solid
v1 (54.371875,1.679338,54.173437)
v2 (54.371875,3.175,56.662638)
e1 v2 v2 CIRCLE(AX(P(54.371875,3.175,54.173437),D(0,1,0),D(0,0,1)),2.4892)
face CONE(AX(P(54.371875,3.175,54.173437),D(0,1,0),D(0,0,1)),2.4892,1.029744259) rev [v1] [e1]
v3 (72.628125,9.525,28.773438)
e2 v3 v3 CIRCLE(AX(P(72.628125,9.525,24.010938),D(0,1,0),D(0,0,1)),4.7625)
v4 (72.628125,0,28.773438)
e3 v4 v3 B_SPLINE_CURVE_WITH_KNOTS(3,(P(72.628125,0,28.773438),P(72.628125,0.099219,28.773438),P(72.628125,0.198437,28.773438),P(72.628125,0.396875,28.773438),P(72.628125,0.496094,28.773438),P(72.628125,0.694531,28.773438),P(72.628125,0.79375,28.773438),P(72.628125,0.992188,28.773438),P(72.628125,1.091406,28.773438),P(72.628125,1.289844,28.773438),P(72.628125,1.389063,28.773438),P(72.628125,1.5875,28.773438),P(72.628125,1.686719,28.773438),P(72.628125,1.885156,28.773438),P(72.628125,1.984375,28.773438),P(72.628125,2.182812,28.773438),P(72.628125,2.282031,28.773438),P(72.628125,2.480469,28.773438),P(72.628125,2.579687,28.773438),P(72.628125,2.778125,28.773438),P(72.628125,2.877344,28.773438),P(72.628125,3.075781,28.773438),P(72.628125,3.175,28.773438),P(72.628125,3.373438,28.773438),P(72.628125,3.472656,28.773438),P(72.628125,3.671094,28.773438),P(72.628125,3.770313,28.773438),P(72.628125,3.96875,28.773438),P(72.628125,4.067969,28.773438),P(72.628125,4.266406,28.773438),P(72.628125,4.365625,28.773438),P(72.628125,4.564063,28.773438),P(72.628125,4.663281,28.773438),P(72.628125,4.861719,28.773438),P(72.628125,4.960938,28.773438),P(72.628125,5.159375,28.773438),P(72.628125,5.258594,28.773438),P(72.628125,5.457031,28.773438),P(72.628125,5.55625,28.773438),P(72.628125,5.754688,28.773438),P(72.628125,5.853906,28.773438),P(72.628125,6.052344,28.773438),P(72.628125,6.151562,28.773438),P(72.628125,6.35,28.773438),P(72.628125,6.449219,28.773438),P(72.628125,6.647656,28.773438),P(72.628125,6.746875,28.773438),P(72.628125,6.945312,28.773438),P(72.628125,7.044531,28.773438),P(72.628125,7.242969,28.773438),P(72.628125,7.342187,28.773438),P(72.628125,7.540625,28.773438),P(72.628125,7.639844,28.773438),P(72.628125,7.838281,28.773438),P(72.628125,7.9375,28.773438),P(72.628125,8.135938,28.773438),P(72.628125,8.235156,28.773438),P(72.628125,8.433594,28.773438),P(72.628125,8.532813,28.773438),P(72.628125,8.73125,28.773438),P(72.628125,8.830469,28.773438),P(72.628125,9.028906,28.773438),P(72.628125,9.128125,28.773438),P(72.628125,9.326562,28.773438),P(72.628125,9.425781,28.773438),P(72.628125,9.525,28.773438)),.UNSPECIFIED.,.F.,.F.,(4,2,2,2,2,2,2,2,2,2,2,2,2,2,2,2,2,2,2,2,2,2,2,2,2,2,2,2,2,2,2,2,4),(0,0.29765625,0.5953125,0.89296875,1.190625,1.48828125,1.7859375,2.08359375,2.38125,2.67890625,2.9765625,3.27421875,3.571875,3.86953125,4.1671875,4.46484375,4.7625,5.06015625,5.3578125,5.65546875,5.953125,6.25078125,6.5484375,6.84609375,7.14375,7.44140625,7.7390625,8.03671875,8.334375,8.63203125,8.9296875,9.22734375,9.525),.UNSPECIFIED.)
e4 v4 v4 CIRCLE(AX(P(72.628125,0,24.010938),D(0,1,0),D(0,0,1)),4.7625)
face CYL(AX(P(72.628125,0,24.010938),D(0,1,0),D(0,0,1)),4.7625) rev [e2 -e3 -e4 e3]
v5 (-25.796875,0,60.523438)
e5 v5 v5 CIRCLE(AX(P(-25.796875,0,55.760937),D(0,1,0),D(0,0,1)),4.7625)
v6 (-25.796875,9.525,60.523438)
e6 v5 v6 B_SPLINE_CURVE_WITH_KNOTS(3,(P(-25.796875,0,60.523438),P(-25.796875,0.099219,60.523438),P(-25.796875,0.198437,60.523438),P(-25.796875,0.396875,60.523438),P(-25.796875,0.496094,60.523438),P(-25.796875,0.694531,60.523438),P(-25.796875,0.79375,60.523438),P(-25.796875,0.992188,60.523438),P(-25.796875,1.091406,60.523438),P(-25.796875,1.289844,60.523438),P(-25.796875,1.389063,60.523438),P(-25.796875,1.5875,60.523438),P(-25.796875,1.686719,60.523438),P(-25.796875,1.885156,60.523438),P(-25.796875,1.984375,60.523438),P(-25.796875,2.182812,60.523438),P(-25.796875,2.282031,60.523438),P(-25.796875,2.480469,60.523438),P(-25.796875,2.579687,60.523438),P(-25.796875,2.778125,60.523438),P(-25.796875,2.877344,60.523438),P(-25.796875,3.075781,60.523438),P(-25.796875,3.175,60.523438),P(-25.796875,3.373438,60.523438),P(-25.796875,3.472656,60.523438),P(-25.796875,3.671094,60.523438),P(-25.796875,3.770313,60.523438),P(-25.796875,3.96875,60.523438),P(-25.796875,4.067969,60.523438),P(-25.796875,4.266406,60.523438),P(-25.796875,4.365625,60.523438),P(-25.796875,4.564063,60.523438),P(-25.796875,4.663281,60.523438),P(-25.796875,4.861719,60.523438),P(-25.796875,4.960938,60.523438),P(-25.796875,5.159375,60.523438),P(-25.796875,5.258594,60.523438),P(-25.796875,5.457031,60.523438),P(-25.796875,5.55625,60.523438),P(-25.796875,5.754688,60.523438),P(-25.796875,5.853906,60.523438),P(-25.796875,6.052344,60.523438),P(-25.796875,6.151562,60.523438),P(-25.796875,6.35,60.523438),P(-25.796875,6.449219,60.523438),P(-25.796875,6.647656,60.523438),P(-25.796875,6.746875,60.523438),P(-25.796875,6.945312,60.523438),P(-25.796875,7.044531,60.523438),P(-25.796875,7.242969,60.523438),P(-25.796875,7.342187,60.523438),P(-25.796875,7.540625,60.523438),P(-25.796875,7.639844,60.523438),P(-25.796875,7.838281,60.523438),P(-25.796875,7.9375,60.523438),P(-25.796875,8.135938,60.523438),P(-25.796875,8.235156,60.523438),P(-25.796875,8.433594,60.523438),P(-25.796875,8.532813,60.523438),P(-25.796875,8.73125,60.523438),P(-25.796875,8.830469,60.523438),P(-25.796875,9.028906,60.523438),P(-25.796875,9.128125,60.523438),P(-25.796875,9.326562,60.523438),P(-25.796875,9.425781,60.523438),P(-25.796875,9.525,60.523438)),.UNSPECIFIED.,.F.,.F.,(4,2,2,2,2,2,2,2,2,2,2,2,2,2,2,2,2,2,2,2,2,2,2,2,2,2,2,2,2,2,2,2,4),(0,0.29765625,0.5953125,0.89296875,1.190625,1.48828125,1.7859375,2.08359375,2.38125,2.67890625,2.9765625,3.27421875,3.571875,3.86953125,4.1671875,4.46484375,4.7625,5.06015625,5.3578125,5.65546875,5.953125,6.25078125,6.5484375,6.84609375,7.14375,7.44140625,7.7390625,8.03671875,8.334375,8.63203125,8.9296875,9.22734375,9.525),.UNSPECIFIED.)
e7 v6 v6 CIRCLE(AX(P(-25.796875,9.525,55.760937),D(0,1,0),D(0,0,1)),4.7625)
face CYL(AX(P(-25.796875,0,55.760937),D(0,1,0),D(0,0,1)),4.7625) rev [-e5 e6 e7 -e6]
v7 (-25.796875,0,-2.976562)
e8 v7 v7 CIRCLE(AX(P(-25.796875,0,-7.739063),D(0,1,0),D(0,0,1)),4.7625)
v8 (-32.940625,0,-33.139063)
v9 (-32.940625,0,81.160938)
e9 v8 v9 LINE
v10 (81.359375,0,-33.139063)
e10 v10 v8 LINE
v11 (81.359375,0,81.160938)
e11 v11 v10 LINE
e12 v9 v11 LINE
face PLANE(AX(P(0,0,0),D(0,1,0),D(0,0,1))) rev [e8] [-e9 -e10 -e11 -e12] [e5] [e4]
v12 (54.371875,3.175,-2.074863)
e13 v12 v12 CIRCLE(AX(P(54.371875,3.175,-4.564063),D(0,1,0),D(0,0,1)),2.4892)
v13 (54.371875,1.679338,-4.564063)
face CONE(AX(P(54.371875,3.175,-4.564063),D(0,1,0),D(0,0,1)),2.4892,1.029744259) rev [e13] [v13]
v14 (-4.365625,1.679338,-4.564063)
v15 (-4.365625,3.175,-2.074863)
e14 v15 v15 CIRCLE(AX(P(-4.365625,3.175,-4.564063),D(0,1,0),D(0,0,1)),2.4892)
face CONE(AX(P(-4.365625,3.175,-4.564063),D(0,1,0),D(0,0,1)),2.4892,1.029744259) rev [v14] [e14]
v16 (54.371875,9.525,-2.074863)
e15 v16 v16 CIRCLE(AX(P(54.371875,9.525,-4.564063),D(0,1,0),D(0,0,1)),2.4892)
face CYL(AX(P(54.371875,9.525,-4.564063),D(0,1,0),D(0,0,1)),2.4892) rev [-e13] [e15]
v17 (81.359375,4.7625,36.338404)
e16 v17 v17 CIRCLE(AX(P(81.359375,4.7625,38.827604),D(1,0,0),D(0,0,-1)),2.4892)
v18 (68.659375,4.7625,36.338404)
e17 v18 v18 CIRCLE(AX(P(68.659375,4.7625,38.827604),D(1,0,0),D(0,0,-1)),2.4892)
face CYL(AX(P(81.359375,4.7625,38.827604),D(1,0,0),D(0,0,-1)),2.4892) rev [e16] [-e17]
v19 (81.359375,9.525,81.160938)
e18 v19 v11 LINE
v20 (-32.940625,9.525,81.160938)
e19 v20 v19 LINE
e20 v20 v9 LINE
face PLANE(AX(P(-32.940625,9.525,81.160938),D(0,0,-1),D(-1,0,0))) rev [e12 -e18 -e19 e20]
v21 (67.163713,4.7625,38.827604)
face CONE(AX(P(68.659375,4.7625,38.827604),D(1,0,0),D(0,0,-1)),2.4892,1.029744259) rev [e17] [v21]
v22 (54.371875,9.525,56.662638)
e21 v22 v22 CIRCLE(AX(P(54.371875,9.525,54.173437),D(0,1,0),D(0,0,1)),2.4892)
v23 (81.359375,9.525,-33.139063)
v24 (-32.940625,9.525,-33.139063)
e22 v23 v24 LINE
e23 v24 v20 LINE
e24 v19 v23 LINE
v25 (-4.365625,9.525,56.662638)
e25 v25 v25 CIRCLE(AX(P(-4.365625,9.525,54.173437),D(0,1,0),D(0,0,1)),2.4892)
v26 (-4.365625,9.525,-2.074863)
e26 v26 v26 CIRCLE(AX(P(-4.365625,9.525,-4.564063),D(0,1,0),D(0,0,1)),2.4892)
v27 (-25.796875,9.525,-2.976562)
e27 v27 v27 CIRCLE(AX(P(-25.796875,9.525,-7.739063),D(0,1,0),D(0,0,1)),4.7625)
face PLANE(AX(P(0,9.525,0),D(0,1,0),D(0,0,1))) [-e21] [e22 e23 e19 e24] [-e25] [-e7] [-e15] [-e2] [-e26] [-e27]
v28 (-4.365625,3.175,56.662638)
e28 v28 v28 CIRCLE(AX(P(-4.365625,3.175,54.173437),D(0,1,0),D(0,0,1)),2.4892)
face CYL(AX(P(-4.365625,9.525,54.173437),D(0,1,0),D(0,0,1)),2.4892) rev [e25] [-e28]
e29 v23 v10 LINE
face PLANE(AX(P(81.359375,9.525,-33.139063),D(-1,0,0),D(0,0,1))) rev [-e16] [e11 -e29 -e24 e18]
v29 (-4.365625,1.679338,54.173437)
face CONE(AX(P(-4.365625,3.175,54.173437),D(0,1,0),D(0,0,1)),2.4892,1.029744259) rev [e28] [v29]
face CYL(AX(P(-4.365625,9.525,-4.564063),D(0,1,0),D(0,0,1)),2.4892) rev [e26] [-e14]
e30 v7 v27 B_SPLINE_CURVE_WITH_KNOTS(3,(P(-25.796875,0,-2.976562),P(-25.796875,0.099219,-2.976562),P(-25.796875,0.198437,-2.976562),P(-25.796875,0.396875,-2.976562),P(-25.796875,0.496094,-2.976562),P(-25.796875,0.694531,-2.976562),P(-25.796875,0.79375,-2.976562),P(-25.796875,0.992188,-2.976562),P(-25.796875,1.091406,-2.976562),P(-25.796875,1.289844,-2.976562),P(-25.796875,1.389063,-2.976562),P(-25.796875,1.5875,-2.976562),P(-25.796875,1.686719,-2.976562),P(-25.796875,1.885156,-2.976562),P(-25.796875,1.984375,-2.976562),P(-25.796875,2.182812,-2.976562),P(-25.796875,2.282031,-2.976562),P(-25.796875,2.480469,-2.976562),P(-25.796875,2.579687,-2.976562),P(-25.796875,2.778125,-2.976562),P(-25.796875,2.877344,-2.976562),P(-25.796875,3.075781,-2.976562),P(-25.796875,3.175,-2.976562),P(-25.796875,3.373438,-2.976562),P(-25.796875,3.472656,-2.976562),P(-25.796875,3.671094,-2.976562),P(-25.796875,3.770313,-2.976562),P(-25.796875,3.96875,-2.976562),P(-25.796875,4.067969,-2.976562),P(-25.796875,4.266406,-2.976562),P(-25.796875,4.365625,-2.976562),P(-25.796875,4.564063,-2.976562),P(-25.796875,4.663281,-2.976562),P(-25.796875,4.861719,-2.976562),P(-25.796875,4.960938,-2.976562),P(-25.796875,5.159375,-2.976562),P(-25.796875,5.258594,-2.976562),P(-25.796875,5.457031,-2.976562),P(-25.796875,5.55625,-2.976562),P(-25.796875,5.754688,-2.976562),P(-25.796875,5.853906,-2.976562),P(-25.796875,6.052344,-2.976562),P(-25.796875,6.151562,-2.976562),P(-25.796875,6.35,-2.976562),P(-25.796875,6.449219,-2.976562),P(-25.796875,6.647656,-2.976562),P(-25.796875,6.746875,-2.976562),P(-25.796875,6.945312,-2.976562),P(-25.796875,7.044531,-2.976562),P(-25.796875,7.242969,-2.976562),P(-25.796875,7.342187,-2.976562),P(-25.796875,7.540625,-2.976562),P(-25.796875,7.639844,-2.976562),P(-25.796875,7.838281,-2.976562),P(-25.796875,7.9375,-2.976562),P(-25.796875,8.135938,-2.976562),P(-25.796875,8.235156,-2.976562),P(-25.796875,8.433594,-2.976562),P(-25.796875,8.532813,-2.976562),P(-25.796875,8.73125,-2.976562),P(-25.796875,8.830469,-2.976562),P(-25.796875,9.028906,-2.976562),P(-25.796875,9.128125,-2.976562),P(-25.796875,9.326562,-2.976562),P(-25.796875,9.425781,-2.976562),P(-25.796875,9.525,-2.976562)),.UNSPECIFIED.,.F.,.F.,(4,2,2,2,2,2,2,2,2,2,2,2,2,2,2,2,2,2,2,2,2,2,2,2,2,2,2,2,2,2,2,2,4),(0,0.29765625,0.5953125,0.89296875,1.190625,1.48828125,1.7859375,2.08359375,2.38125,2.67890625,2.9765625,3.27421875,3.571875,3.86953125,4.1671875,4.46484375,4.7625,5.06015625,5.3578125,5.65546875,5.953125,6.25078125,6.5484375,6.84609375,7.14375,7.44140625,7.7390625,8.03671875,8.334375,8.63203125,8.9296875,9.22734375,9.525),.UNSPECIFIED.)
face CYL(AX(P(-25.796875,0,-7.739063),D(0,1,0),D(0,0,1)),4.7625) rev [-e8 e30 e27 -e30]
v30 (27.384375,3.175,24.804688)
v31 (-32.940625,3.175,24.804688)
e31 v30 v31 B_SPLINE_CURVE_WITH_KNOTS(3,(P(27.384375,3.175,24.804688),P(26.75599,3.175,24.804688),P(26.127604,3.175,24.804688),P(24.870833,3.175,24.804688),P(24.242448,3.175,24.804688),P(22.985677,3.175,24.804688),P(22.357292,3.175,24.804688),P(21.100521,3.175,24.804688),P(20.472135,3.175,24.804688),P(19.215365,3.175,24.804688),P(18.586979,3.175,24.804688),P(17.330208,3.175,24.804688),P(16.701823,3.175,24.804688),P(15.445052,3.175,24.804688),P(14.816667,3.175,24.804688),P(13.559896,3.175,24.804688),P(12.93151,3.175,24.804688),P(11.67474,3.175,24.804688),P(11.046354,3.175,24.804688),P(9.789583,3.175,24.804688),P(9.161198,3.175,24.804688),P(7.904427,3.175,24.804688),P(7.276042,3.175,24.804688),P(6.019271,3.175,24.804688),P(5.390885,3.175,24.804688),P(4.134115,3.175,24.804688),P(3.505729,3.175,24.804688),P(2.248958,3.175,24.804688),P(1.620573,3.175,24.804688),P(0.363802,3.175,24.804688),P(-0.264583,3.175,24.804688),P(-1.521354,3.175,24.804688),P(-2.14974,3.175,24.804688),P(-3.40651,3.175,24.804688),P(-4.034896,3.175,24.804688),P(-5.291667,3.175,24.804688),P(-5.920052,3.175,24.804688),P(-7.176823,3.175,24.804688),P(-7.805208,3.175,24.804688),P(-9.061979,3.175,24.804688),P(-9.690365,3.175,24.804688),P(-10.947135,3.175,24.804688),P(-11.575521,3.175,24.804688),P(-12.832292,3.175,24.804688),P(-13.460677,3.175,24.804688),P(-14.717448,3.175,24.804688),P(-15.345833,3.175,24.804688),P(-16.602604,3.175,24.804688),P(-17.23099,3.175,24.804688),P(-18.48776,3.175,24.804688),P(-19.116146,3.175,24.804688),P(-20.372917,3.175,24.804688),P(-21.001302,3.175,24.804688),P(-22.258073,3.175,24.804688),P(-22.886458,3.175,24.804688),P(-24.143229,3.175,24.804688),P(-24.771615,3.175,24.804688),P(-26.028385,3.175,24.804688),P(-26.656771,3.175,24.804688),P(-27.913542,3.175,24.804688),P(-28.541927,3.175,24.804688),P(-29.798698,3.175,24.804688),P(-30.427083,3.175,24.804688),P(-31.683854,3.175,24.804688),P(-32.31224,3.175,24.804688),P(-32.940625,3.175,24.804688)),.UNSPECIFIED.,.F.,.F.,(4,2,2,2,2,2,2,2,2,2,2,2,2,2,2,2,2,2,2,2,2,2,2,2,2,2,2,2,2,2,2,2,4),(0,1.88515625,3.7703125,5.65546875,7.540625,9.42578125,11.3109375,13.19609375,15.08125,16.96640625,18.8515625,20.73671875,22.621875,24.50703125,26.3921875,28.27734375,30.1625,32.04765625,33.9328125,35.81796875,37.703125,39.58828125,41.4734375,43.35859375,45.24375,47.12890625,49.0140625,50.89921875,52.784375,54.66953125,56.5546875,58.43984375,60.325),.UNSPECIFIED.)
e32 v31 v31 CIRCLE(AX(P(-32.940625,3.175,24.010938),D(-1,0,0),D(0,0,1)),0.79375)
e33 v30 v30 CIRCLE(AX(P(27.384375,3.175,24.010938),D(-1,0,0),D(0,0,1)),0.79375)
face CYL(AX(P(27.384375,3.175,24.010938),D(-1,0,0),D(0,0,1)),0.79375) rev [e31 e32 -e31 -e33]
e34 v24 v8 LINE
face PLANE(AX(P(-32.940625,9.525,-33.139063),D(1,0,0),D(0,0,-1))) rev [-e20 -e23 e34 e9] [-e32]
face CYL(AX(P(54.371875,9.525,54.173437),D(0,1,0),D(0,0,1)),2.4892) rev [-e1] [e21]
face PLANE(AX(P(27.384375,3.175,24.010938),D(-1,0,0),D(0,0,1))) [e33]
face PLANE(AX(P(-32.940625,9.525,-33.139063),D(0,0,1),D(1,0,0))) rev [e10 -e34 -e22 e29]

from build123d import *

# Parameters (mm, degrees)
SKETCH1_W                      = 114.3
SKETCH1_H                      = 114.3
SEEBECK_MIDDLE_BLOCK_DEPTH     = 9.525
SKETCH2_R                      = 0.79375
THERMO_COUPLE_HOLE_DEPTH       = 60.325
SKETCH3_R                      = 4.7625
MIDDLE_MOUNTING_HOLES_DEPTH    = 116.31336133
F_9_0_196_TEG_MOUNT_HOLE_D     = 4.9784
F_9_0_196_TEG_MOUNT_HOLE_DEPTH = 6.35
F_9_0_196_TEG_MOUNT_HOLE_TIP   = 1.495662253
F_9_0_196_VOLTAGE_HOLE_D       = 4.9784
F_9_0_196_VOLTAGE_HOLE_DEPTH   = 12.7
F_9_0_196_VOLTAGE_HOLE_TIP     = 1.495662253


with BuildPart() as part:
    # Sketch1 → Seebeck Middle Block (new body)
    with BuildSketch(Plane(origin=(0, 0, 0), x_dir=(1, 0, 0), z_dir=(0, 1, 0))):
        with Locations((24.209375, -24.0109375)):
            Rectangle(SKETCH1_W, SKETCH1_H)
    extrude(amount=SEEBECK_MIDDLE_BLOCK_DEPTH)

    # Sketch2 → Thermo Couple Hole (cut)
    with BuildSketch(Plane.ZY.offset(32.940625)):
        with Locations((24.0109375, 3.175)):
            Circle(SKETCH2_R)
    extrude(amount=-THERMO_COUPLE_HOLE_DEPTH, mode=Mode.SUBTRACT)

    # Sketch3 → Middle Mounting holes (cut, through all)
    with BuildSketch(Plane(origin=(0, 9.525, 0), x_dir=(1, 0, 0), z_dir=(0, 1, 0))):
        with Locations(Location((-25.796875, -55.7609375, 0), (0, 0, 270))):
            Circle(SKETCH3_R)
        with Locations(Location((-25.796875, 7.7390625, 0), (0, 0, 270))):
            Circle(SKETCH3_R)
        with Locations(Location((72.628125, -24.0109375, 0), (0, 0, 270))):
            Circle(SKETCH3_R)
    extrude(amount=-MIDDLE_MOUNTING_HOLES_DEPTH, mode=Mode.SUBTRACT)

    # #9 (0.196) TEG Mount Hole
    with Locations(Plane(origin=(0, 9.525, 0), x_dir=(1, 0, 0), z_dir=(0, 1, 0))):
        with Locations((-4.365625, 4.5640625), (54.371875, 4.5640625), (54.371875, -54.1734375), (-4.365625, -54.1734375)):
            Hole(F_9_0_196_TEG_MOUNT_HOLE_D / 2, depth=F_9_0_196_TEG_MOUNT_HOLE_DEPTH)
            with Locations((0, 0, -(F_9_0_196_TEG_MOUNT_HOLE_DEPTH + F_9_0_196_TEG_MOUNT_HOLE_TIP / 2))):  # 118° drill point
                Cone(0, F_9_0_196_TEG_MOUNT_HOLE_D / 2, F_9_0_196_TEG_MOUNT_HOLE_TIP, mode=Mode.SUBTRACT)

    # #9 (0.196) Voltage Hole
    with Locations(Plane(origin=(81.359375, 0, 0), x_dir=(0, 0, -1), z_dir=(1, 0, 0))):
        with Locations((-38.827604082, 4.7625)):
            Hole(F_9_0_196_VOLTAGE_HOLE_D / 2, depth=F_9_0_196_VOLTAGE_HOLE_DEPTH)
            with Locations((0, 0, -(F_9_0_196_VOLTAGE_HOLE_DEPTH + F_9_0_196_VOLTAGE_HOLE_TIP / 2))):  # 118° drill point
                Cone(0, F_9_0_196_VOLTAGE_HOLE_D / 2, F_9_0_196_VOLTAGE_HOLE_TIP, mode=Mode.SUBTRACT)


solid = part.part
